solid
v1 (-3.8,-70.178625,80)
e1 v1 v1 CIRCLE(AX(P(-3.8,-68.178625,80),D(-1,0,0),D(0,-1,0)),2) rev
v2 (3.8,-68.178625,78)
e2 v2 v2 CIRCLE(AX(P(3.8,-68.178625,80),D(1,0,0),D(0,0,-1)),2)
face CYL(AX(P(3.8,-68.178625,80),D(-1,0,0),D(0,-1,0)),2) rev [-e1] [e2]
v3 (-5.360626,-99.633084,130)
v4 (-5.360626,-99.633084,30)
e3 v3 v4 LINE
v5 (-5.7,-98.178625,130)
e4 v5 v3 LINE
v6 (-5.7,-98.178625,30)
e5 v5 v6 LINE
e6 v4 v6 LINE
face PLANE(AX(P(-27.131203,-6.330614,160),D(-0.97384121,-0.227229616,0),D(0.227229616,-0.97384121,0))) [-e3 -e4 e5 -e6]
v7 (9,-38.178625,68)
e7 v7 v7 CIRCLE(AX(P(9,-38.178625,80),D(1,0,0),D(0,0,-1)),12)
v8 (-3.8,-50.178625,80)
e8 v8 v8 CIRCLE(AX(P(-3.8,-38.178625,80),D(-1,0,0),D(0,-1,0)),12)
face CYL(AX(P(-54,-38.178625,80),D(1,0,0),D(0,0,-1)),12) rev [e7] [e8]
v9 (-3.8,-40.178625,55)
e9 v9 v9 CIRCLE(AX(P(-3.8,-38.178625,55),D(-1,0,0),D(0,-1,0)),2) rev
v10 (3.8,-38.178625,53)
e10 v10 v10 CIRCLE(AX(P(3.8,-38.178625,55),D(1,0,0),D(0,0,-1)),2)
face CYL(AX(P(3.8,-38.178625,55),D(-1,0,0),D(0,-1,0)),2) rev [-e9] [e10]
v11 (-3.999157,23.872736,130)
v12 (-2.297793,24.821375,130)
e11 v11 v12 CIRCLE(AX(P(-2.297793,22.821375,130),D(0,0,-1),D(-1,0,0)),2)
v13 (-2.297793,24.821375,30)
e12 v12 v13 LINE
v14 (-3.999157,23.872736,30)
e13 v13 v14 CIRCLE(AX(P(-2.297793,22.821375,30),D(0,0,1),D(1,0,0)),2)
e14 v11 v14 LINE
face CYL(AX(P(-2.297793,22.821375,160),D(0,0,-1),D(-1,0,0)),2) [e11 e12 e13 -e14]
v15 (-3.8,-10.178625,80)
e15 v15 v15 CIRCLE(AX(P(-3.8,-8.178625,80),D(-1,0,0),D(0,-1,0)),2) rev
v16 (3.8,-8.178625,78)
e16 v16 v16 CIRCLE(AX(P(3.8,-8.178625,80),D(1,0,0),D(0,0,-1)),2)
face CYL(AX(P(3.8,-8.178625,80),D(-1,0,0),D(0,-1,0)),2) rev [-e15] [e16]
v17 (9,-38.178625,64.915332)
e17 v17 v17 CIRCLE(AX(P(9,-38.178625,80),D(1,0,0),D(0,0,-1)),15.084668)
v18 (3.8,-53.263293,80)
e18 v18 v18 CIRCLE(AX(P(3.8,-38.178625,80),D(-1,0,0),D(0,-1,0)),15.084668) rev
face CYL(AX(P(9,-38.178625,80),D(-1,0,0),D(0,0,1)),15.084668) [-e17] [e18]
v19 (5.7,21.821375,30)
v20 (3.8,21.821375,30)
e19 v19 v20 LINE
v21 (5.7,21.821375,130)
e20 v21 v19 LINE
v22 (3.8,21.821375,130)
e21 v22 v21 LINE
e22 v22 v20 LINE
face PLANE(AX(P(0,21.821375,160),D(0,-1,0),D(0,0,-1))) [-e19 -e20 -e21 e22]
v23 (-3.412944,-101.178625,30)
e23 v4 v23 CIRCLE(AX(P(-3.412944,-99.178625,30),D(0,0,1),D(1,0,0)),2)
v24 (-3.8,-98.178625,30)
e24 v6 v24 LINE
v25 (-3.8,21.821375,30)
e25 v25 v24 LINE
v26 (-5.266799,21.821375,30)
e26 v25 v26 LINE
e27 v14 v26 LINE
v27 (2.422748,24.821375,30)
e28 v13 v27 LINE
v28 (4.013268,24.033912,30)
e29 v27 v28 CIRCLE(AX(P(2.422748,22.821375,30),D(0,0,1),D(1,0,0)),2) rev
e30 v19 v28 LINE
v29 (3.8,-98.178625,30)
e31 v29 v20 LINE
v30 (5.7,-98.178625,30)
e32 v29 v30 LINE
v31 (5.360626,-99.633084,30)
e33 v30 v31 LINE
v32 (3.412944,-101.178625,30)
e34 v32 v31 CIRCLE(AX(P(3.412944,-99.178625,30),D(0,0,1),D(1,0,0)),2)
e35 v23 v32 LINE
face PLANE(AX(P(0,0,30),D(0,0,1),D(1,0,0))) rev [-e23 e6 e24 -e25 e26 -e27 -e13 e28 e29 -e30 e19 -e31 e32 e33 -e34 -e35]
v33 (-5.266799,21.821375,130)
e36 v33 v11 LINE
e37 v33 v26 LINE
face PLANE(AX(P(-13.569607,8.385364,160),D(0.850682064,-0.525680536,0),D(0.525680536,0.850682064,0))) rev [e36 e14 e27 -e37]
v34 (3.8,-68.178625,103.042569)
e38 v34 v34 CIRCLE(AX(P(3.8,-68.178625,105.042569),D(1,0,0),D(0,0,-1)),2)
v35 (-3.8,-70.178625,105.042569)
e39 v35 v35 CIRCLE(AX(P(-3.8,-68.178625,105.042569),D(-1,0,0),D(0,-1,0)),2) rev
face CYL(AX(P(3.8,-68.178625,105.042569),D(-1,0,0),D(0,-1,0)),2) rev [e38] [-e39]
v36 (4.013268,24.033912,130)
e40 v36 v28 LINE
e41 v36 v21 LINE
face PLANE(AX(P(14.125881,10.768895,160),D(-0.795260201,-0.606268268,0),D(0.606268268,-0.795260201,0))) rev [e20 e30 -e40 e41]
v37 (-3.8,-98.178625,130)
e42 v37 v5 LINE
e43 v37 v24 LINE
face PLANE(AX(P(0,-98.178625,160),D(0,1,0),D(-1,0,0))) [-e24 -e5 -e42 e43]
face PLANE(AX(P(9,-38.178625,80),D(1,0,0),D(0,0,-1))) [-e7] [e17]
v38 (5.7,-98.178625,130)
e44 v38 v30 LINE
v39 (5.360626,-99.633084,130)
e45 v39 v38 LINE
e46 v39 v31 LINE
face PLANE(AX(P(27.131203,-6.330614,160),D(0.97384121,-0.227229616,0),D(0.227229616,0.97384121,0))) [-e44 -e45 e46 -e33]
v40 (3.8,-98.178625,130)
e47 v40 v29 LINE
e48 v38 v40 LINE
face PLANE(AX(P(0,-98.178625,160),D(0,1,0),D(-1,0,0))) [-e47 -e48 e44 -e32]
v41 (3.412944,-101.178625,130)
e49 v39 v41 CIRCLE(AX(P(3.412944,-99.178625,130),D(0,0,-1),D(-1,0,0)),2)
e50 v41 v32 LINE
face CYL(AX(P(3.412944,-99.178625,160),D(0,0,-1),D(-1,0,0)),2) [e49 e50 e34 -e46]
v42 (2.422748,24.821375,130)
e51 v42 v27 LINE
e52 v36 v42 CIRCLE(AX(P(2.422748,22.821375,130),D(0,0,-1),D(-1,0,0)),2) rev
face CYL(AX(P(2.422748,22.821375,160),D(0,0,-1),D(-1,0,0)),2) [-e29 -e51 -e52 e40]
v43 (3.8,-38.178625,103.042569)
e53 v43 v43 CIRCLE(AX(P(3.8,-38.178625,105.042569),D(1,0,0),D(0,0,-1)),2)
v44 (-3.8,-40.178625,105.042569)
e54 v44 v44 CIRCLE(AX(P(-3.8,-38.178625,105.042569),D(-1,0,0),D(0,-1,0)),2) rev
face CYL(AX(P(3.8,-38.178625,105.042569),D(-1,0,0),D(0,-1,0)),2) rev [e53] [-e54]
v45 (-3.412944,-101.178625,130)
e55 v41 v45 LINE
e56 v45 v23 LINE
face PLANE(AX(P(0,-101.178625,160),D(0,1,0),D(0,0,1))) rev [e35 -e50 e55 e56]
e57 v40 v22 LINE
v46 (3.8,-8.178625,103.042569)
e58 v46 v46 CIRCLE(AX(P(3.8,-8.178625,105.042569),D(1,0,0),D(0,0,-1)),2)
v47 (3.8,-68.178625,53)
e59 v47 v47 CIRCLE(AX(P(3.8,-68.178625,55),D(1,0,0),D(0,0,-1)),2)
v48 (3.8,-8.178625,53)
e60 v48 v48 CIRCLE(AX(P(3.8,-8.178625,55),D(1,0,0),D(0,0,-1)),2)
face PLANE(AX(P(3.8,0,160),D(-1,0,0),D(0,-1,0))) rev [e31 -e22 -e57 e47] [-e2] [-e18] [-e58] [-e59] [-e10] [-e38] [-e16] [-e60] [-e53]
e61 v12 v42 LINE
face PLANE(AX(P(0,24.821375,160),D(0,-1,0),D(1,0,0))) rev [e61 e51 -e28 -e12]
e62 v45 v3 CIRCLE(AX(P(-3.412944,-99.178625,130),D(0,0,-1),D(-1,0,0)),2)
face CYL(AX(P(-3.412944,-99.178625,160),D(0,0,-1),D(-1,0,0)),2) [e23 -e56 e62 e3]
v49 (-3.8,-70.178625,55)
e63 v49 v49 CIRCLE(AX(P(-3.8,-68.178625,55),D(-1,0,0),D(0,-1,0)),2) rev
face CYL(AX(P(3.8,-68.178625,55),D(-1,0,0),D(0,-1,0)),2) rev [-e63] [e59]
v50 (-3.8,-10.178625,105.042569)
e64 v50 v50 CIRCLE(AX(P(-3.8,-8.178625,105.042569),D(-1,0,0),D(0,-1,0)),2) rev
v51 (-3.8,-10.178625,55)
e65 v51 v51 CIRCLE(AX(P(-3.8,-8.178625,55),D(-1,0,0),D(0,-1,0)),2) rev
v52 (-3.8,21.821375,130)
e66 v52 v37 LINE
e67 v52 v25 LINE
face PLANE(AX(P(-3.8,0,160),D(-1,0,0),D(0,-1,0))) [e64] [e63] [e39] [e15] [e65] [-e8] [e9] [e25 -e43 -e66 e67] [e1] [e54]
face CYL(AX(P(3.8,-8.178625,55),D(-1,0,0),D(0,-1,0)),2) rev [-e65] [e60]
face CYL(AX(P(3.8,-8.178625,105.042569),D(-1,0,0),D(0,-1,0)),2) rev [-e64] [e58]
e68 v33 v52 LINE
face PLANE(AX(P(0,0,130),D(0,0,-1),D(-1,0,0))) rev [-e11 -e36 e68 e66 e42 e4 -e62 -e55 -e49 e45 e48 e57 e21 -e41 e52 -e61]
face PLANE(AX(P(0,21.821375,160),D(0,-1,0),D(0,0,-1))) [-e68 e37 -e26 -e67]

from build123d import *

# Parameters (mm, degrees)
RESSALTO_EXTRUS_O1_DEPTH   = 160
ESBO_O2_W                  = 7.6
ESBO_O2_H                  = 120
CORTE_EXTRUS_O1_DEPTH      = 30
CORTE_EXTRUS_O2_DEPTH      = 30
F_3DSKETCH3_R              = 2
CORTE_EXTRUS_O3_DEPTH      = 70
ESBO_O3_W                  = 45.015344868
ESBO_O3_H                  = 129.478543367
ESBO_O3_W_2                = 37.192593828
CORTE_EXTRUS_O4_DEPTH      = 31.510345968
CORTE_EXTRUS_O4_DEPTH_BACK = 38
ESBO_O4_R                  = 12
CORTE_EXTRUS_O5_DEPTH      = 52.510345968
CORTE_EXTRUS_O5_DEPTH_BACK = 54
ESBO_O5_R                  = 15.084668413
ESBO_O5_R_2                = 12
RESSALTO_EXTRUS_O3_DEPTH   = 9


with BuildPart() as part:
    # Esboço1 → Ressalto-extrusão1 (new body)
    with BuildSketch(Plane.XY):
        with BuildLine():
            Line((-3.8, 21.821375341), (-3.8, -98.178624659))
            Line((-3.8, -98.178624659), (-5.7, -98.178624659))
            Line((-5.7, -98.178624659), (-5.360626179, -99.63308389))
            ThreePointArc((-5.360626179, -99.63308389), (-4.656141559, -100.745296045), (-3.41294376, -101.178624659))
            Line((-3.41294376, -101.178624659), (3.41294376, -101.178624659))
            ThreePointArc((3.41294376, -101.178624659), (4.656141559, -100.745296045), (5.360626179, -99.63308389))
            Line((5.360626179, -99.63308389), (5.7, -98.178624659))
            Line((5.7, -98.178624659), (3.8, -98.178624659))
            Line((3.8, -98.178624659), (3.8, 21.821375341))
            Line((3.8, 21.821375341), (5.7, 21.821375341))
            Line((5.7, 21.821375341), (4.013268169, 24.033911877))
            ThreePointArc((4.013268169, 24.033911877), (3.310139149, 24.613730366), (2.422747768, 24.821375341))
            Line((2.422747768, 24.821375341), (-2.297792791, 24.821375341))
            ThreePointArc((-2.297792791, 24.821375341), (-3.27177376, 24.568189891), (-3.999156919, 23.872736414))
            Line((-3.999156919, 23.872736414), (-5.266799243, 21.821375341))
            Line((-5.266799243, 21.821375341), (-3.8, 21.821375341))
        make_face()
    extrude(amount=RESSALTO_EXTRUS_O1_DEPTH)

    # Esboço2 → Corte-extrusão1 (cut)
    with BuildSketch(Plane.XY):
        with Locations((0, -38.178624659)):
            Rectangle(ESBO_O2_W, ESBO_O2_H)
    extrude(amount=CORTE_EXTRUS_O1_DEPTH, mode=Mode.SUBTRACT)

    # 3DSketch2 → Corte-extrusão2 (cut)
    with BuildSketch(Plane(origin=(-3.8, 21.821375341, 160), x_dir=(0.0632066956560733, -0.9980004577274705, 0), z_dir=(0, 0, -1))):
        Polygon((0, 0), (0.480370887, -7.584803479), (120.240425814, 0), (119.760054927, 7.584803479), align=None)
    extrude(amount=CORTE_EXTRUS_O2_DEPTH, mode=Mode.SUBTRACT)

    # 3DSketch3 → Corte-extrusão3 (cut)
    with BuildSketch(Plane(origin=(3.8, -38.178624659, 80), x_dir=(0, 0.7676852805184269, 0.6408270516101394), z_dir=(1, 0, 0))):
        with Locations(Location((0, 0, 0), (0, 0, 140.146481665))):
            Circle(F_3DSKETCH3_R)
        with Locations(Location((23.030558416, -19.224811548, 0), (0, 0, 140.146481665))):
            Circle(F_3DSKETCH3_R)
        with Locations(Location((-23.030558416, 19.224811548, 0), (0, 0, 140.146481665))):
            Circle(F_3DSKETCH3_R)
        with Locations(Location((-39.051234706, 0.032679535, 0), (0, 0, 140.146481665))):
            Circle(F_3DSKETCH3_R)
        with Locations(Location((-16.02067629, -19.192132013, 0), (0, 0, 140.146481665))):
            Circle(F_3DSKETCH3_R)
        with Locations(Location((7.009882125, -38.416943561, 0), (0, 0, 140.146481665))):
            Circle(F_3DSKETCH3_R)
        with Locations(Location((-6.982602808, 38.449623097, 0), (0, 0, 140.146481665))):
            Circle(F_3DSKETCH3_R)
        with Locations(Location((16.047955607, 19.224811548, 0), (0, 0, 140.146481665))):
            Circle(F_3DSKETCH3_R)
        with Locations(Location((39.078514023, 0, 0), (0, 0, 140.146481665))):
            Circle(F_3DSKETCH3_R)
    extrude(amount=-CORTE_EXTRUS_O3_DEPTH, mode=Mode.SUBTRACT)

    # Esboço3 → Corte-extrusão4 (cut, two sides)
    with BuildSketch(Plane(origin=(0, 0, 0), x_dir=(0, 0, -1), z_dir=(1, 0, 0))) as corte_extrus_o4_sk:
        with Locations((-7.492327566, -39.917896343)):
            Rectangle(ESBO_O3_W, ESBO_O3_H)
        with Locations((-148.596296914, -39.917896343)):
            Rectangle(ESBO_O3_W_2, ESBO_O3_H)
    extrude(amount=CORTE_EXTRUS_O4_DEPTH, mode=Mode.SUBTRACT)
    extrude(corte_extrus_o4_sk.sketch, amount=-CORTE_EXTRUS_O4_DEPTH_BACK, mode=Mode.SUBTRACT)

    # Esboço4 → Corte-extrusão5 (cut, two sides)
    with BuildSketch(Plane(origin=(0, 0, 0), x_dir=(0, 0, -1), z_dir=(1, 0, 0))) as corte_extrus_o5_sk:
        with Locations(Location((-80, -38.178624659, 0), (0, 0, 270))):
            Circle(ESBO_O4_R)
    extrude(amount=CORTE_EXTRUS_O5_DEPTH, mode=Mode.SUBTRACT)
    extrude(corte_extrus_o5_sk.sketch, amount=-CORTE_EXTRUS_O5_DEPTH_BACK, mode=Mode.SUBTRACT)

    # Esboço5 → Ressalto-extrusão3 (add)
    with BuildSketch(Plane(origin=(0, 0, 0), x_dir=(0, 0, -1), z_dir=(1, 0, 0))):
        with Locations(Location((-80, -38.178624659, 0), (0, 0, 270))):
            Circle(ESBO_O5_R)
        with Locations((-80, -38.178624659)):
            Circle(ESBO_O5_R_2, mode=Mode.SUBTRACT)
    extrude(amount=RESSALTO_EXTRUS_O3_DEPTH)


solid = part.part
